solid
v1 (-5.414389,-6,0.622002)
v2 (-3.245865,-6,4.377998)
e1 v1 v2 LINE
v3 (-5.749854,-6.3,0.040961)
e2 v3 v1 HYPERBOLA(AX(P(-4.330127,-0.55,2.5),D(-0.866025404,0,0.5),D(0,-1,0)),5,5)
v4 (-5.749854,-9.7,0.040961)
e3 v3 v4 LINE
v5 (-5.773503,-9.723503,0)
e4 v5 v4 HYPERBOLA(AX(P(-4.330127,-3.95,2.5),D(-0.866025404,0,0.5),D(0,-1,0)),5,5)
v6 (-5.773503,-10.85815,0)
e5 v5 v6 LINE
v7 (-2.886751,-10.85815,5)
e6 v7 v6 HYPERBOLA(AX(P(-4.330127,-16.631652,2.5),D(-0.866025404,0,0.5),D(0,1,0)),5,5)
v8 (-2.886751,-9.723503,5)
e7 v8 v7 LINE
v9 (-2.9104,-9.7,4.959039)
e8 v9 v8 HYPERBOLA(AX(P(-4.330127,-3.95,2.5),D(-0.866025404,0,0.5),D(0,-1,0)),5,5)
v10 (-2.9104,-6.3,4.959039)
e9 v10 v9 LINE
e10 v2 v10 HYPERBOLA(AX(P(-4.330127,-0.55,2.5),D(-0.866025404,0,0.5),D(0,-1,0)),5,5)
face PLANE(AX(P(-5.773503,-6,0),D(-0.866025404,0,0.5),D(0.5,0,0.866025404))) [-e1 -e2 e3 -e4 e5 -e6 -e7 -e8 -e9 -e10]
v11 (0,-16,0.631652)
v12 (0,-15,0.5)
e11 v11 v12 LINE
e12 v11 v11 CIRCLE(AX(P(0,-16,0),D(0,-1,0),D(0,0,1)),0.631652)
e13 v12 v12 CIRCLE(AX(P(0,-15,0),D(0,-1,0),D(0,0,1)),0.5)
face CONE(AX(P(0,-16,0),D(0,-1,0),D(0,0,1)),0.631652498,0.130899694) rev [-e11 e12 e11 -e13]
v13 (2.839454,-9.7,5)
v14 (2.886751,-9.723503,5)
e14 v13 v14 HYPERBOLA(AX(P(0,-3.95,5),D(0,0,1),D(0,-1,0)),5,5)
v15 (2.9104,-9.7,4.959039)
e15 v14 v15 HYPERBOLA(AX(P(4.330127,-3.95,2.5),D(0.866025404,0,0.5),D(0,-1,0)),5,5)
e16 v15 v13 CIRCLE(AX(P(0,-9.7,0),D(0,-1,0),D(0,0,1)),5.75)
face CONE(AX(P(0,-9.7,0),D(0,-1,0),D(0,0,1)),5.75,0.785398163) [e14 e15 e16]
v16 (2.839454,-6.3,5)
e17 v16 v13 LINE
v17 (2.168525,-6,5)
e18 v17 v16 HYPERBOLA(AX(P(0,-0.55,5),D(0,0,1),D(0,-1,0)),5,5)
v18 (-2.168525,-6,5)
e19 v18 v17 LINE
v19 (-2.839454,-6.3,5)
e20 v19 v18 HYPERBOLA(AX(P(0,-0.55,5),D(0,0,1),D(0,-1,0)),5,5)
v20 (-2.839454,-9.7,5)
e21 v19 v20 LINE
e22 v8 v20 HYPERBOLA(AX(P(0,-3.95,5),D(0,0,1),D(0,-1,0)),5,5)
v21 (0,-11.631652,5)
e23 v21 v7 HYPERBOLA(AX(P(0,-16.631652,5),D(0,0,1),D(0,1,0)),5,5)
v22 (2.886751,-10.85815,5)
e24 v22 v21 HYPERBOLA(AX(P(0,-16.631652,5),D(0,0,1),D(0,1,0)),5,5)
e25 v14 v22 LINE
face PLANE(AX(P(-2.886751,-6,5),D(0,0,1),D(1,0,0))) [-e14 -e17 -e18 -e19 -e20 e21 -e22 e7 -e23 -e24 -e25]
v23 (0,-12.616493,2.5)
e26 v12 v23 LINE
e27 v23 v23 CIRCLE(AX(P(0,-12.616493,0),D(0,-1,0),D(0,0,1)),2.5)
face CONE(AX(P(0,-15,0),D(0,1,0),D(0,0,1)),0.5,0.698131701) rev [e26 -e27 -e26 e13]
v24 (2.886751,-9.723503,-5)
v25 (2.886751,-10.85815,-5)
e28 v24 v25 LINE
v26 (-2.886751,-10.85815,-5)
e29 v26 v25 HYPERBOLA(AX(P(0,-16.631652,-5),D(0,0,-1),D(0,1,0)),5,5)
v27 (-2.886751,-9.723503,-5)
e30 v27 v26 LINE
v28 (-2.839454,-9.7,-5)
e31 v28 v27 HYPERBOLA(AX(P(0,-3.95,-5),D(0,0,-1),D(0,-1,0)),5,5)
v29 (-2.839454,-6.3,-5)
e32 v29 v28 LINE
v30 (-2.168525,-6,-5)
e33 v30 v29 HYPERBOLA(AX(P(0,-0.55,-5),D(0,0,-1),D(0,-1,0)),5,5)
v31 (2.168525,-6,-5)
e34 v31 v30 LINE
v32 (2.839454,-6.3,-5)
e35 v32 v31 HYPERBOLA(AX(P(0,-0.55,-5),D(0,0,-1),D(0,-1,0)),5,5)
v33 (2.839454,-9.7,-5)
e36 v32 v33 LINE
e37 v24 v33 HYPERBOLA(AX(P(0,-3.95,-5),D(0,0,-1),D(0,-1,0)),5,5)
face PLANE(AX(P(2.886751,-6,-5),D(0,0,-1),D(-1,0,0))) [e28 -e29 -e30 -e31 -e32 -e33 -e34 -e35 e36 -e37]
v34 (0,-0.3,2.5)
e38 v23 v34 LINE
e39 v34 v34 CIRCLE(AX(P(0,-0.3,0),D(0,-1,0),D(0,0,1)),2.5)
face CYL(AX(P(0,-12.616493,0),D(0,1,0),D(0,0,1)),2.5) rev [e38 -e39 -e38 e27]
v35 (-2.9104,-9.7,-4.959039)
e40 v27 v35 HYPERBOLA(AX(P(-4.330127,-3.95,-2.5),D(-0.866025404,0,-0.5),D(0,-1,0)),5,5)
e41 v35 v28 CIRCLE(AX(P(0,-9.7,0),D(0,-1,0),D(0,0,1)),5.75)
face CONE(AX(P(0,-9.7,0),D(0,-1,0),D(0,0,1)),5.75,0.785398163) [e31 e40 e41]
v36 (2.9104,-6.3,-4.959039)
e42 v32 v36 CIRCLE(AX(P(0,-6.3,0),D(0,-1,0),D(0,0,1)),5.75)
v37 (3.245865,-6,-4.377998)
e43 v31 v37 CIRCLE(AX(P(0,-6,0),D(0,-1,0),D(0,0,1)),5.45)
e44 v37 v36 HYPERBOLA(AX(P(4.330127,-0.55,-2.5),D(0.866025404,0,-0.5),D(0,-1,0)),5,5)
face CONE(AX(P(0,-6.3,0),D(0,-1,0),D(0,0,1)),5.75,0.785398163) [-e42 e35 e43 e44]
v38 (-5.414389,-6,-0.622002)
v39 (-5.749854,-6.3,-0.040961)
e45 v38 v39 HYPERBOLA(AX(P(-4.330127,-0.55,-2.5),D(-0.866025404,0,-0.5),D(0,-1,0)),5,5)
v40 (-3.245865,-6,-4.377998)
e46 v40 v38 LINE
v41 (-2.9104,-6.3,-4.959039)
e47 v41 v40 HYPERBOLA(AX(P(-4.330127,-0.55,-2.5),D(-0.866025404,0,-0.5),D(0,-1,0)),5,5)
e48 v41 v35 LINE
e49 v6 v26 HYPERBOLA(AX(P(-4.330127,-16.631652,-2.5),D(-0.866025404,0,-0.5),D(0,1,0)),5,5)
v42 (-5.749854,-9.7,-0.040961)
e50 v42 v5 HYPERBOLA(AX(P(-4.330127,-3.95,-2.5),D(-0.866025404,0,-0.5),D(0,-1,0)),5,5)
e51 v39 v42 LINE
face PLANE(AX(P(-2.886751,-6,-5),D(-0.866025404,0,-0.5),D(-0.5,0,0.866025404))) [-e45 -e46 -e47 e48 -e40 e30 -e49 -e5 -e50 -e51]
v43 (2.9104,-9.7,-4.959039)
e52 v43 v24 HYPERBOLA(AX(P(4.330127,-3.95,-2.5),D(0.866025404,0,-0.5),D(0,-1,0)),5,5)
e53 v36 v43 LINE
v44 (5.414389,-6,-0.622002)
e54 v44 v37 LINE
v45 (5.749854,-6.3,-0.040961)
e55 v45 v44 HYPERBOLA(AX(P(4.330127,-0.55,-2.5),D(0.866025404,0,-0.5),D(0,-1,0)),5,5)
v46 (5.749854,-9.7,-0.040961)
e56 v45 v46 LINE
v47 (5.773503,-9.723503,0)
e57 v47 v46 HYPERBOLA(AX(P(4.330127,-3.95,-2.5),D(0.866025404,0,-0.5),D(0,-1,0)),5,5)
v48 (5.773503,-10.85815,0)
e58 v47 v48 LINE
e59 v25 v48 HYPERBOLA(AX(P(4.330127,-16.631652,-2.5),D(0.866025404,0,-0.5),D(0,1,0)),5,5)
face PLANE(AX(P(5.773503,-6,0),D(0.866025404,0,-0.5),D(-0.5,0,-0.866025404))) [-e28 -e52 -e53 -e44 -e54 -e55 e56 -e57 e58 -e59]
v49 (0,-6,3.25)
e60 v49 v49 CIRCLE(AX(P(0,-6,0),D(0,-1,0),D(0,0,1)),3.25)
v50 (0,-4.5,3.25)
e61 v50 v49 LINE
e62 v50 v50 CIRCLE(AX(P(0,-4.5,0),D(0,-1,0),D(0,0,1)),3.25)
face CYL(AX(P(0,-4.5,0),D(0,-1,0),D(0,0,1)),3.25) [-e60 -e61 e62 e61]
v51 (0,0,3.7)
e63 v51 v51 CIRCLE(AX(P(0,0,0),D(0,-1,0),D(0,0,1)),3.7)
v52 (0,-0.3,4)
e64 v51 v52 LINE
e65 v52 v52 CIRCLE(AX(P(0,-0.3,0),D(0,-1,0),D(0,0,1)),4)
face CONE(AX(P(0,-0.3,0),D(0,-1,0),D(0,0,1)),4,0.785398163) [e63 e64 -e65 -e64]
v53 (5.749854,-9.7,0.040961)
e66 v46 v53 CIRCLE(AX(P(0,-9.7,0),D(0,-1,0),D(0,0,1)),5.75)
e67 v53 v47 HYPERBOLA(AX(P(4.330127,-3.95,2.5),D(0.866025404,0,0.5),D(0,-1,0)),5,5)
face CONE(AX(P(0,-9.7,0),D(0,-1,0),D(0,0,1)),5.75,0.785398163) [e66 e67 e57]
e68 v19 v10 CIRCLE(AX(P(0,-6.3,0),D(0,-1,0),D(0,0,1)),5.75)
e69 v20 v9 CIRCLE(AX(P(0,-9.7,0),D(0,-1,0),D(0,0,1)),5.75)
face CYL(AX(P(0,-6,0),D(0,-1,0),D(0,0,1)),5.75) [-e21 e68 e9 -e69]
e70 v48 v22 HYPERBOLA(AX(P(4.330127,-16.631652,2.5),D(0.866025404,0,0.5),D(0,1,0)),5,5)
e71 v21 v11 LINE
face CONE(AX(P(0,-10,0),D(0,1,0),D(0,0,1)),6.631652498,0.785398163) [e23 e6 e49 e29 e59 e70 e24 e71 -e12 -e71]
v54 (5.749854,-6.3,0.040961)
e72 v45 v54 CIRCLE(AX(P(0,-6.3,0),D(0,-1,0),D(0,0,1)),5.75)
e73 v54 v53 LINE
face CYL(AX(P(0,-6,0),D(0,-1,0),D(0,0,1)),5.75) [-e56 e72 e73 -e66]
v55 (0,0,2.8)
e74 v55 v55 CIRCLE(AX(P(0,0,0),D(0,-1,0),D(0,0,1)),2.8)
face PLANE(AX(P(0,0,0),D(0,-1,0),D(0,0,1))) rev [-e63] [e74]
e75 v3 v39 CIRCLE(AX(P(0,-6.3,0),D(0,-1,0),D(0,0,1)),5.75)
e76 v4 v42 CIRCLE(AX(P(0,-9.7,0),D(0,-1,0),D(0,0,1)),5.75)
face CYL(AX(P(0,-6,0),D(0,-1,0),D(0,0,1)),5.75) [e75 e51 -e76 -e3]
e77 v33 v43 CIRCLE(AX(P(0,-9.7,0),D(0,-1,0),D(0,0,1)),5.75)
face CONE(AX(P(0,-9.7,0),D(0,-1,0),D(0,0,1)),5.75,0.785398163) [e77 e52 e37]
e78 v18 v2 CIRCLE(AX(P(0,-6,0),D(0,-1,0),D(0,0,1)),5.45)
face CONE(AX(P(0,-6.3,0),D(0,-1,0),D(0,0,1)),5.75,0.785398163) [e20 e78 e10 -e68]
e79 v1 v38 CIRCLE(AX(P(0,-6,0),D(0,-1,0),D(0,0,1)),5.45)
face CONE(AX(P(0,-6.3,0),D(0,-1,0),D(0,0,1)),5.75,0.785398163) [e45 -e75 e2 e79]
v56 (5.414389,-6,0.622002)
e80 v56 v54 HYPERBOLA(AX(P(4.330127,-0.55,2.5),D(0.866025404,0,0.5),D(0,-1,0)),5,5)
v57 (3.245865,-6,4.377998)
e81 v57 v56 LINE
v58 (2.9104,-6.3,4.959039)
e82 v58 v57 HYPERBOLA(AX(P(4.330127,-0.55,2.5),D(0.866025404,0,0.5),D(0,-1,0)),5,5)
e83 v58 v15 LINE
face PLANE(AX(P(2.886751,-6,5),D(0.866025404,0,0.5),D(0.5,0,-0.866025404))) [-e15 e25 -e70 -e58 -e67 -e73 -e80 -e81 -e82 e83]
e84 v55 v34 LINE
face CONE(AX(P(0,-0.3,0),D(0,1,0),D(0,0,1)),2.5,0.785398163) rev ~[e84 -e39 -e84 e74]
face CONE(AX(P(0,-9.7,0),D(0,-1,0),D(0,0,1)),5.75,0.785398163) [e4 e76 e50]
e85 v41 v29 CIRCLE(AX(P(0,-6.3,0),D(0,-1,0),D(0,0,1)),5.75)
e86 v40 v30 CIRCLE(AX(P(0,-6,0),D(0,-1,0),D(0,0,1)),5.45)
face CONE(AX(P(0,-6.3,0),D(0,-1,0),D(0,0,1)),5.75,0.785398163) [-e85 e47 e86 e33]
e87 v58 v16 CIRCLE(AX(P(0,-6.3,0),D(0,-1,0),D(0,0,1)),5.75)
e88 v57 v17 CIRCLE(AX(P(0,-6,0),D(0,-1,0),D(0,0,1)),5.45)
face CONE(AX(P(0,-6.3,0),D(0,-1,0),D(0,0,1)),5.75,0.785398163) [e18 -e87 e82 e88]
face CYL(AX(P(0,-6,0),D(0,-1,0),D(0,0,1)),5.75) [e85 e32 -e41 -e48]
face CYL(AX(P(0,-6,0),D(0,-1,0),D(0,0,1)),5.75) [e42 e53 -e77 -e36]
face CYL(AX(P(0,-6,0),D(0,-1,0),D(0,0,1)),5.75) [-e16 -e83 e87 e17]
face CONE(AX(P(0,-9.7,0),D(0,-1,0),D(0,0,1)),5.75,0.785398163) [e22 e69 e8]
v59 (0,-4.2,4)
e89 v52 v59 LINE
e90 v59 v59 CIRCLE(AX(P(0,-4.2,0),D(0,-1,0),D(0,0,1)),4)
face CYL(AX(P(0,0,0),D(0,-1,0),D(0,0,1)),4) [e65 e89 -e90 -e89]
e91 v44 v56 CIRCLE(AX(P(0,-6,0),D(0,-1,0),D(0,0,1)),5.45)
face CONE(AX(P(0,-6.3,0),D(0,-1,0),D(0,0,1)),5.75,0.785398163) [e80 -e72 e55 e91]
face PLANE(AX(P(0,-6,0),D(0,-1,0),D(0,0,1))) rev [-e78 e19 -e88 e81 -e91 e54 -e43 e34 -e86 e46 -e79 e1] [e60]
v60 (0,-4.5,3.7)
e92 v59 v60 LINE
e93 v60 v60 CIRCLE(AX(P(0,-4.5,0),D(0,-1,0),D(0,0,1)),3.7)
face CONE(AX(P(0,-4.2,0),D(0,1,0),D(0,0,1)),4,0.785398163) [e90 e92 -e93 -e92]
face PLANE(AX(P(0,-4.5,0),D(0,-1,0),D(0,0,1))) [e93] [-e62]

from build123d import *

# Parameters (mm, degrees)
CHAMFER_1_SIZE      = 0.3
SKETCH_2_OUTSIDE_W  = 20.194
SKETCH_2_OUTSIDE_H  = 20.194
CUT_EXTRUDE_1_DEPTH = 14.709764028


with BuildPart() as part:
    # Эскиз1 → Повернуть1 (revolve)
    with BuildSketch(Plane.XY):
        Polygon((2.5, 0), (4, 0), (4, -4.5), (3.25, -4.5), (3.25, -6), (5.75, -6), (5.75, -10), (6.631652498, -10), (0.631652498, -16), (0.5, -15), (2.5, -12.616492815), align=None)
    revolve(axis=Axis((0, 8.266911596, 0), (0, -1, 0)))

    # Фаска1
    chamfer_1_edges = [part.edges().sort_by_distance(p)[0] for p in [
        (-5.75, -10, 0),
        (-5.75, -6, 0),
        (-4, -4.5, 0),
        (-2.5, 0, 0),
        (-4, 0, 0),
    ]]
    chamfer(chamfer_1_edges, length=CHAMFER_1_SIZE)

    # Эскиз2 outside → Вырез-Вытянуть1 (cut, through all)
    with BuildSketch(Plane(origin=(0, -6, 0), x_dir=(1, 0, 0), z_dir=(0, 1, 0))):
        Rectangle(SKETCH_2_OUTSIDE_W, SKETCH_2_OUTSIDE_H)
        Polygon((5.773502692, 0), (2.886751346, 5), (-2.886751346, 5), (-5.773502692, 0), (-2.886751346, -5), (2.886751346, -5), align=None, mode=Mode.SUBTRACT)
    extrude(amount=-CUT_EXTRUDE_1_DEPTH, mode=Mode.SUBTRACT)


solid = part.part
